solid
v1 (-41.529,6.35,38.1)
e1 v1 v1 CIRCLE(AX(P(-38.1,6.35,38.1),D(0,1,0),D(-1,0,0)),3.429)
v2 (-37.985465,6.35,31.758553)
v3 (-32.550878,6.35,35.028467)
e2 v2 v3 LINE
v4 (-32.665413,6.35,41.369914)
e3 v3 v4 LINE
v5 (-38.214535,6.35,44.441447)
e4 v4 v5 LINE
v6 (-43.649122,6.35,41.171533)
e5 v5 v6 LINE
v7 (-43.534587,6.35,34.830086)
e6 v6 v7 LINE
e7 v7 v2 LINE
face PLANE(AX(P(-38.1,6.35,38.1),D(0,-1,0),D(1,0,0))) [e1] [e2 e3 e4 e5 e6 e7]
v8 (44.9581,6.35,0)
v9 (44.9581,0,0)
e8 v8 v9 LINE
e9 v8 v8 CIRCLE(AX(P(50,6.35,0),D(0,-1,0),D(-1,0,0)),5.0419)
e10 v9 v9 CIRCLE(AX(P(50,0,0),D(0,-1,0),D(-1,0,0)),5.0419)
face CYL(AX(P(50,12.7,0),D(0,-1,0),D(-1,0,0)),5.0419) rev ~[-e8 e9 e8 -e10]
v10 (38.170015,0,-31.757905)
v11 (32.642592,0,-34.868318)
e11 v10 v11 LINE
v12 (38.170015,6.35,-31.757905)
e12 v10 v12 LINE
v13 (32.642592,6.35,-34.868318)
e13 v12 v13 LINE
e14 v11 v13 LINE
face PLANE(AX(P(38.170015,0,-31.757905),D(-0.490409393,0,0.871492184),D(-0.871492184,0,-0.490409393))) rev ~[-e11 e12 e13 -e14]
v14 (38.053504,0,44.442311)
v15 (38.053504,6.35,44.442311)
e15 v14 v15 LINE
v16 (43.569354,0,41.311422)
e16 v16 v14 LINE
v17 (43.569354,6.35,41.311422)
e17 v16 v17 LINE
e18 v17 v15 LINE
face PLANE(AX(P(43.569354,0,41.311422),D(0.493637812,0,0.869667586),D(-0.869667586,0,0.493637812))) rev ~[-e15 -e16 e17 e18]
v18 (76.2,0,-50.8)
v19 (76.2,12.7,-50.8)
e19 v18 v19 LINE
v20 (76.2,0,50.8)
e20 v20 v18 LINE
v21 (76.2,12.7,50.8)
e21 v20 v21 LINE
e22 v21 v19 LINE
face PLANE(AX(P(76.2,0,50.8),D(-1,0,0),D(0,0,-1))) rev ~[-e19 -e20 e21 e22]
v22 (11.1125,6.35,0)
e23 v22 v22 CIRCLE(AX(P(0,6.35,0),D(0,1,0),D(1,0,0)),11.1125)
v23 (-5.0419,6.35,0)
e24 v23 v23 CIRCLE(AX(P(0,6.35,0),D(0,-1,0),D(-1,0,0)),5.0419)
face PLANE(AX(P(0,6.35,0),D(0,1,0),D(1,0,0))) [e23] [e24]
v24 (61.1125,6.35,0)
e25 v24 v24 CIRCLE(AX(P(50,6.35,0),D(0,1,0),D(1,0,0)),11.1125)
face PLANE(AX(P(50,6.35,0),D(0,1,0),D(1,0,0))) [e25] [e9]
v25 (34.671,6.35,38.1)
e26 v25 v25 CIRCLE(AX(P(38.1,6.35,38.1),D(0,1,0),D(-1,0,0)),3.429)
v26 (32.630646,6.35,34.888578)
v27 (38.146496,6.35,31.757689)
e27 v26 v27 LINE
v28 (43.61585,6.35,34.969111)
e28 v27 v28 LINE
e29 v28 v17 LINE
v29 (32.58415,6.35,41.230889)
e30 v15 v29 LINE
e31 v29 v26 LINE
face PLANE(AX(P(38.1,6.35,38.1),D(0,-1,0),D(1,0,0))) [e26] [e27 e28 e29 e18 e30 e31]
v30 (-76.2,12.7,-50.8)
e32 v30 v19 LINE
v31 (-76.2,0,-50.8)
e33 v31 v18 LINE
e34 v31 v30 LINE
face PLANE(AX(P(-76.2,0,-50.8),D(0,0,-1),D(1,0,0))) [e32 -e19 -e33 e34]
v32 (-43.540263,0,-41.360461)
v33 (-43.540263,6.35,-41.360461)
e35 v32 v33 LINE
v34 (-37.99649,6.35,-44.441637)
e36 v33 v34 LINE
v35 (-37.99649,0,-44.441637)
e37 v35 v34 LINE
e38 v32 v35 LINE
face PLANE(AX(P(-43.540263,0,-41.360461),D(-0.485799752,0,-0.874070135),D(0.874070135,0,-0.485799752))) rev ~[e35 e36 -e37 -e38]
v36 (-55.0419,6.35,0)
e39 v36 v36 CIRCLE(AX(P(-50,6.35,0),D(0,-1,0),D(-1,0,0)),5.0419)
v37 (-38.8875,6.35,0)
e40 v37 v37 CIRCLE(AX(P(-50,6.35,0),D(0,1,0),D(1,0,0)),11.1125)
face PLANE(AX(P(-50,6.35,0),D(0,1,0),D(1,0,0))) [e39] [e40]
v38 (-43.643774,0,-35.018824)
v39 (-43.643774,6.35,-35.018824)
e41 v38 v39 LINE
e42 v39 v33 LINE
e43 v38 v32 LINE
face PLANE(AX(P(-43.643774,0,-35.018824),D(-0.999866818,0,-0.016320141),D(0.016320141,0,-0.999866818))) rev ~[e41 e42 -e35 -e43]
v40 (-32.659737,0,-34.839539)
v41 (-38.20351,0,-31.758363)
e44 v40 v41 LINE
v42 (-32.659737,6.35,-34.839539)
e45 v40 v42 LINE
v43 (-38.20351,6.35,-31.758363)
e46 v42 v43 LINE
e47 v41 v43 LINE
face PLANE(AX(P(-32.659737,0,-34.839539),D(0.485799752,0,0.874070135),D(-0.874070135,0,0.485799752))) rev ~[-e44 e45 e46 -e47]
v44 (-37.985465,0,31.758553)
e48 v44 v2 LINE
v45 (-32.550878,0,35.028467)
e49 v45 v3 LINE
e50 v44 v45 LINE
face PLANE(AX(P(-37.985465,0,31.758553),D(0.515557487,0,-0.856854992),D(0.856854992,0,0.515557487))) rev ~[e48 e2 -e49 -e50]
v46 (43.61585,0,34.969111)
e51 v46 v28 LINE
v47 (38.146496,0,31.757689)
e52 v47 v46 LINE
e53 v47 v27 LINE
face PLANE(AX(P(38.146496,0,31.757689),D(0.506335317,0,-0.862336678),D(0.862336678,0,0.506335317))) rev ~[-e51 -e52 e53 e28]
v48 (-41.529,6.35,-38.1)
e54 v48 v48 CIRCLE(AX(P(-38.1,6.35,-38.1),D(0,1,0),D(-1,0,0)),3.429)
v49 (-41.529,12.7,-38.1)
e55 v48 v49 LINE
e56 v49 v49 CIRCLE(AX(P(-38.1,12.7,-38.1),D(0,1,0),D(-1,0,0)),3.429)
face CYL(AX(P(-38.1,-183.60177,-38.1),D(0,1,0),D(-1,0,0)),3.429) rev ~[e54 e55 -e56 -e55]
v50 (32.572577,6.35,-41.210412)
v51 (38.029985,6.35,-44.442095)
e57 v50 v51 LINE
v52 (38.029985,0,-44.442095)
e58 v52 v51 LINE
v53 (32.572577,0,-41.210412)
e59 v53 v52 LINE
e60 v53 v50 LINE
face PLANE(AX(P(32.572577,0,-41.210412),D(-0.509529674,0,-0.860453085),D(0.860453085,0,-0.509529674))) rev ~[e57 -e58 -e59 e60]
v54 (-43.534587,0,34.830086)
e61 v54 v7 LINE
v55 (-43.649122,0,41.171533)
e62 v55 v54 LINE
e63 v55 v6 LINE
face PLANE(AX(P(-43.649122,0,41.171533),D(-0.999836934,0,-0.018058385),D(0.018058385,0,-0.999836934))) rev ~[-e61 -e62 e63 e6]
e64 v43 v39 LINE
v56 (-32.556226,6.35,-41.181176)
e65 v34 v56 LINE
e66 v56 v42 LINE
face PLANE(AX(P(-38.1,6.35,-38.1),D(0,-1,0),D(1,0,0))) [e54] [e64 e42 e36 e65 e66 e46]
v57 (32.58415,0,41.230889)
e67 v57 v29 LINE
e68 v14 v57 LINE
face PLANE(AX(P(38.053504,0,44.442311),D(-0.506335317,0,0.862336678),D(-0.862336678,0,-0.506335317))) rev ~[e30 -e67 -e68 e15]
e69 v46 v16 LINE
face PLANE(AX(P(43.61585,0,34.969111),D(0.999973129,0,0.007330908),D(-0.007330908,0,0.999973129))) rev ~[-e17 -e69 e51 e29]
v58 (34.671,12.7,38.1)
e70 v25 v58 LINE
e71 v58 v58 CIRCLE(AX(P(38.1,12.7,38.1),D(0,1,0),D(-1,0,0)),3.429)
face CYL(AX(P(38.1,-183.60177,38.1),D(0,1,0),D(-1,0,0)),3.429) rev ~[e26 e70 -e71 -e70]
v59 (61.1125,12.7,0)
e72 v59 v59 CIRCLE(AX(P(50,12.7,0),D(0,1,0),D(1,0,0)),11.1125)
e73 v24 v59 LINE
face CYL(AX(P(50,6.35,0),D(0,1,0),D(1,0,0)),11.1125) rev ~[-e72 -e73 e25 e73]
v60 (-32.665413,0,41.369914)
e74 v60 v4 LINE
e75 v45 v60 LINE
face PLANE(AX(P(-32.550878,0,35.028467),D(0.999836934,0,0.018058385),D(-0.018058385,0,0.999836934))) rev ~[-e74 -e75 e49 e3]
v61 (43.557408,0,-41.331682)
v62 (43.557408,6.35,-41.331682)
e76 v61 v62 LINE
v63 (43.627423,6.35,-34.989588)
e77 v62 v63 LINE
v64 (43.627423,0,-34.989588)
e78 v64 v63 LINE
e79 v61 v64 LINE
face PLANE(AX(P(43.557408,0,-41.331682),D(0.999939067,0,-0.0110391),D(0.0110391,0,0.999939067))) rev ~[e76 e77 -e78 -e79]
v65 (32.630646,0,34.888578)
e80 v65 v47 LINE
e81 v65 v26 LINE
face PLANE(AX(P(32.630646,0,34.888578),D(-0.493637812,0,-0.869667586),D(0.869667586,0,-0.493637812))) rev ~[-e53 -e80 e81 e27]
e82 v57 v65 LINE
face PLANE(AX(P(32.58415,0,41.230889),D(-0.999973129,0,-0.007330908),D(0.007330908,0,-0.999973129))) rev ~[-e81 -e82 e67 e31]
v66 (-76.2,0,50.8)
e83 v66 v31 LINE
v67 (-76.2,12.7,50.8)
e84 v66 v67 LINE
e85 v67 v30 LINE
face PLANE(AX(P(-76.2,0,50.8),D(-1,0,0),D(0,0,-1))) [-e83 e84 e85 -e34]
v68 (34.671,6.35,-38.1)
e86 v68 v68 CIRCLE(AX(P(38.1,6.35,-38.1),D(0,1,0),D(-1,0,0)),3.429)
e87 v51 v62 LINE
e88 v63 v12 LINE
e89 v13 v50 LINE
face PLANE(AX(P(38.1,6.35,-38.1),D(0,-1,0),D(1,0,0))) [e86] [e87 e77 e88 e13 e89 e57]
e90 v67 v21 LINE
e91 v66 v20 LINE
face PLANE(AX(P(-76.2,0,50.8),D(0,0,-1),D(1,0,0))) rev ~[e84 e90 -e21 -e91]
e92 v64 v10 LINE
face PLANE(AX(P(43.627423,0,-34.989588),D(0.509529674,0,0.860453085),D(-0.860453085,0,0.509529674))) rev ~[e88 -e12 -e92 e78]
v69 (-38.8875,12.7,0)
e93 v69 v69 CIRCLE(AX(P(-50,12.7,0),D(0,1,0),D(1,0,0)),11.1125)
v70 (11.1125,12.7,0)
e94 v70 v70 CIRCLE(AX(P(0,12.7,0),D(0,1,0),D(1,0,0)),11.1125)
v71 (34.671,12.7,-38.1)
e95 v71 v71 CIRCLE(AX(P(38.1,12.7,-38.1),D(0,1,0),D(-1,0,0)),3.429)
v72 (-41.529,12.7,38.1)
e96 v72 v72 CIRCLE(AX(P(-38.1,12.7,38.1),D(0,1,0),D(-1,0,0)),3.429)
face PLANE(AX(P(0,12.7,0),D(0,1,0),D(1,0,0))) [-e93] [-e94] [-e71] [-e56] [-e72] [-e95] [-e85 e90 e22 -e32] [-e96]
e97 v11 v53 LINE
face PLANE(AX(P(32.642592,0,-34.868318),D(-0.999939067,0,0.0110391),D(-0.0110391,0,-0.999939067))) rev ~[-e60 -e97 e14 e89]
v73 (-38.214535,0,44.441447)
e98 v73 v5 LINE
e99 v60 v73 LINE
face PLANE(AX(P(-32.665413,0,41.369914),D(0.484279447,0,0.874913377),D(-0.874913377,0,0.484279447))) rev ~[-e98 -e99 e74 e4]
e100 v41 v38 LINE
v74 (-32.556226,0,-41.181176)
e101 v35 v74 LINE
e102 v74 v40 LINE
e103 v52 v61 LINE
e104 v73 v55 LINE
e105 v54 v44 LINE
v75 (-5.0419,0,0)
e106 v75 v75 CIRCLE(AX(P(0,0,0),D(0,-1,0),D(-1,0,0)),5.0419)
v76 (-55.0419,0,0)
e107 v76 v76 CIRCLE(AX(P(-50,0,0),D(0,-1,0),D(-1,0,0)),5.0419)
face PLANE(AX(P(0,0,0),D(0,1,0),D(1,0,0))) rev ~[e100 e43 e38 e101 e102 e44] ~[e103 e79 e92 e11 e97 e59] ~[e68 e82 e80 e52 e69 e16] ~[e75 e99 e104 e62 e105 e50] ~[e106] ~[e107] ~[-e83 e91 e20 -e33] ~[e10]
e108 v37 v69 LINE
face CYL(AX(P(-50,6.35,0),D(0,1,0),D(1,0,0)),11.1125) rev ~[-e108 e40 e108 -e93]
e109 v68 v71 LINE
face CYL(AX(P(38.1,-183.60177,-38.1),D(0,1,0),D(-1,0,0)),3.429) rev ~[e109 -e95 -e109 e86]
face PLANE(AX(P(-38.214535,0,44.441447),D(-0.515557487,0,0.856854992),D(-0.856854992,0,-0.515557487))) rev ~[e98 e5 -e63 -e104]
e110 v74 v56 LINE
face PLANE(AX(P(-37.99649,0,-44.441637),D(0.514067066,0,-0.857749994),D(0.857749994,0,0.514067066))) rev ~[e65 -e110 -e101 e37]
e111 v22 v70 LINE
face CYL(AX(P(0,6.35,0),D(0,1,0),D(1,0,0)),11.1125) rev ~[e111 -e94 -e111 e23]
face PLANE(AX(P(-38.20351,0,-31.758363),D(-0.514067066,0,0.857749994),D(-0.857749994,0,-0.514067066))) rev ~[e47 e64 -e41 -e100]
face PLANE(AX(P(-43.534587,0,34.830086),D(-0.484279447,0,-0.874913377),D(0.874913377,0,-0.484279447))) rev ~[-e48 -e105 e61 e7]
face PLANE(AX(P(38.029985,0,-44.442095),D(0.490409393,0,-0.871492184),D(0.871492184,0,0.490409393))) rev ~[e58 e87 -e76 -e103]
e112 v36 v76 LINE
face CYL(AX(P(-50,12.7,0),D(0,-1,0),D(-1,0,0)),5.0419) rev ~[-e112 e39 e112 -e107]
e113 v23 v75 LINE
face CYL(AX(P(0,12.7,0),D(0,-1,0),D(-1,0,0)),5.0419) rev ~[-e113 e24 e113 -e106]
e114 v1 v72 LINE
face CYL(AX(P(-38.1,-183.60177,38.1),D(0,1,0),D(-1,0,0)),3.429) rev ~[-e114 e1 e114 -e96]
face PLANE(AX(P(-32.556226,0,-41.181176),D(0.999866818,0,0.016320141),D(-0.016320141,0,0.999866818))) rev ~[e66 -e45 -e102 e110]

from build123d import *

# Parameters (mm, degrees)
SKETCH1_W                                = 152.4
SKETCH1_H                                = 101.6
BOSS_EXTRUDE1_DEPTH                      = 12.7
CBORE_FOR_3_8_HEX_HEAD_BOLT1_D           = 10.0838
CBORE_FOR_3_8_HEX_HEAD_BOLT1_CBORE_D     = 22.225
CBORE_FOR_3_8_HEX_HEAD_BOLT1_CBORE_DEPTH = 6.35
F_1_4_0_25_DIAMETER_HOLE2_D              = 6.858
CUT_EXTRUDE1_DEPTH                       = 6.35


with BuildPart() as part:
    # Sketch1 → Boss-Extrude1 (new body)
    with BuildSketch(Plane(origin=(0, 0, 0), x_dir=(1, 0, 0), z_dir=(0, 1, 0))):
        Rectangle(SKETCH1_W, SKETCH1_H)
    extrude(amount=BOSS_EXTRUDE1_DEPTH)

    # CBORE for 3/8 Hex Head Bolt1 (through all)
    with Locations(Plane(origin=(0, 12.7, 0), x_dir=(1, 0, 0), z_dir=(0, 1, 0))):
        with Locations((-50.000000076, 0), (50.000000076, 0), (0, 0)):
            CounterBoreHole(CBORE_FOR_3_8_HEX_HEAD_BOLT1_D / 2, CBORE_FOR_3_8_HEX_HEAD_BOLT1_CBORE_D / 2, CBORE_FOR_3_8_HEX_HEAD_BOLT1_CBORE_DEPTH)

    # 1/4 (0.25) Diameter Hole2 (through all)
    with Locations(Plane.XZ):
        with Locations((-38.1, -38.1), (38.1, -38.1), (38.1, 38.1), (-38.1, 38.1)):
            Hole(F_1_4_0_25_DIAMETER_HOLE2_D / 2)

    # Sketch6 → Cut-Extrude1 (cut)
    with BuildSketch(Plane.XZ):
        Polygon((38.170015284, -31.757905082), (32.64259233, -34.868317526), (32.572577046, -41.210412444), (38.029984716, -44.442094918), (43.55740767, -41.331682474), (43.627422954, -34.989587556), align=None)
        Polygon((-38.203510193, -31.758363325), (-43.643773559, -35.018824119), (-43.540263366, -41.360460794), (-37.996489807, -44.441636675), (-32.556226441, -41.181175881), (-32.659736634, -34.839539206), align=None)
        Polygon((-38.214534968, 44.44144714), (-43.649121804, 41.171533378), (-43.534586835, 34.830086238), (-37.985465032, 31.75855286), (-32.550878196, 35.028466622), (-32.665413165, 41.369913762), align=None)
        Polygon((38.053503852, 44.44231095), (32.584149524, 41.23088863), (32.630645672, 34.88857768), (38.146496148, 31.75768905), (43.615850476, 34.96911137), (43.569354328, 41.31142232), align=None)
    extrude(amount=-CUT_EXTRUDE1_DEPTH, mode=Mode.SUBTRACT)


solid = part.part
